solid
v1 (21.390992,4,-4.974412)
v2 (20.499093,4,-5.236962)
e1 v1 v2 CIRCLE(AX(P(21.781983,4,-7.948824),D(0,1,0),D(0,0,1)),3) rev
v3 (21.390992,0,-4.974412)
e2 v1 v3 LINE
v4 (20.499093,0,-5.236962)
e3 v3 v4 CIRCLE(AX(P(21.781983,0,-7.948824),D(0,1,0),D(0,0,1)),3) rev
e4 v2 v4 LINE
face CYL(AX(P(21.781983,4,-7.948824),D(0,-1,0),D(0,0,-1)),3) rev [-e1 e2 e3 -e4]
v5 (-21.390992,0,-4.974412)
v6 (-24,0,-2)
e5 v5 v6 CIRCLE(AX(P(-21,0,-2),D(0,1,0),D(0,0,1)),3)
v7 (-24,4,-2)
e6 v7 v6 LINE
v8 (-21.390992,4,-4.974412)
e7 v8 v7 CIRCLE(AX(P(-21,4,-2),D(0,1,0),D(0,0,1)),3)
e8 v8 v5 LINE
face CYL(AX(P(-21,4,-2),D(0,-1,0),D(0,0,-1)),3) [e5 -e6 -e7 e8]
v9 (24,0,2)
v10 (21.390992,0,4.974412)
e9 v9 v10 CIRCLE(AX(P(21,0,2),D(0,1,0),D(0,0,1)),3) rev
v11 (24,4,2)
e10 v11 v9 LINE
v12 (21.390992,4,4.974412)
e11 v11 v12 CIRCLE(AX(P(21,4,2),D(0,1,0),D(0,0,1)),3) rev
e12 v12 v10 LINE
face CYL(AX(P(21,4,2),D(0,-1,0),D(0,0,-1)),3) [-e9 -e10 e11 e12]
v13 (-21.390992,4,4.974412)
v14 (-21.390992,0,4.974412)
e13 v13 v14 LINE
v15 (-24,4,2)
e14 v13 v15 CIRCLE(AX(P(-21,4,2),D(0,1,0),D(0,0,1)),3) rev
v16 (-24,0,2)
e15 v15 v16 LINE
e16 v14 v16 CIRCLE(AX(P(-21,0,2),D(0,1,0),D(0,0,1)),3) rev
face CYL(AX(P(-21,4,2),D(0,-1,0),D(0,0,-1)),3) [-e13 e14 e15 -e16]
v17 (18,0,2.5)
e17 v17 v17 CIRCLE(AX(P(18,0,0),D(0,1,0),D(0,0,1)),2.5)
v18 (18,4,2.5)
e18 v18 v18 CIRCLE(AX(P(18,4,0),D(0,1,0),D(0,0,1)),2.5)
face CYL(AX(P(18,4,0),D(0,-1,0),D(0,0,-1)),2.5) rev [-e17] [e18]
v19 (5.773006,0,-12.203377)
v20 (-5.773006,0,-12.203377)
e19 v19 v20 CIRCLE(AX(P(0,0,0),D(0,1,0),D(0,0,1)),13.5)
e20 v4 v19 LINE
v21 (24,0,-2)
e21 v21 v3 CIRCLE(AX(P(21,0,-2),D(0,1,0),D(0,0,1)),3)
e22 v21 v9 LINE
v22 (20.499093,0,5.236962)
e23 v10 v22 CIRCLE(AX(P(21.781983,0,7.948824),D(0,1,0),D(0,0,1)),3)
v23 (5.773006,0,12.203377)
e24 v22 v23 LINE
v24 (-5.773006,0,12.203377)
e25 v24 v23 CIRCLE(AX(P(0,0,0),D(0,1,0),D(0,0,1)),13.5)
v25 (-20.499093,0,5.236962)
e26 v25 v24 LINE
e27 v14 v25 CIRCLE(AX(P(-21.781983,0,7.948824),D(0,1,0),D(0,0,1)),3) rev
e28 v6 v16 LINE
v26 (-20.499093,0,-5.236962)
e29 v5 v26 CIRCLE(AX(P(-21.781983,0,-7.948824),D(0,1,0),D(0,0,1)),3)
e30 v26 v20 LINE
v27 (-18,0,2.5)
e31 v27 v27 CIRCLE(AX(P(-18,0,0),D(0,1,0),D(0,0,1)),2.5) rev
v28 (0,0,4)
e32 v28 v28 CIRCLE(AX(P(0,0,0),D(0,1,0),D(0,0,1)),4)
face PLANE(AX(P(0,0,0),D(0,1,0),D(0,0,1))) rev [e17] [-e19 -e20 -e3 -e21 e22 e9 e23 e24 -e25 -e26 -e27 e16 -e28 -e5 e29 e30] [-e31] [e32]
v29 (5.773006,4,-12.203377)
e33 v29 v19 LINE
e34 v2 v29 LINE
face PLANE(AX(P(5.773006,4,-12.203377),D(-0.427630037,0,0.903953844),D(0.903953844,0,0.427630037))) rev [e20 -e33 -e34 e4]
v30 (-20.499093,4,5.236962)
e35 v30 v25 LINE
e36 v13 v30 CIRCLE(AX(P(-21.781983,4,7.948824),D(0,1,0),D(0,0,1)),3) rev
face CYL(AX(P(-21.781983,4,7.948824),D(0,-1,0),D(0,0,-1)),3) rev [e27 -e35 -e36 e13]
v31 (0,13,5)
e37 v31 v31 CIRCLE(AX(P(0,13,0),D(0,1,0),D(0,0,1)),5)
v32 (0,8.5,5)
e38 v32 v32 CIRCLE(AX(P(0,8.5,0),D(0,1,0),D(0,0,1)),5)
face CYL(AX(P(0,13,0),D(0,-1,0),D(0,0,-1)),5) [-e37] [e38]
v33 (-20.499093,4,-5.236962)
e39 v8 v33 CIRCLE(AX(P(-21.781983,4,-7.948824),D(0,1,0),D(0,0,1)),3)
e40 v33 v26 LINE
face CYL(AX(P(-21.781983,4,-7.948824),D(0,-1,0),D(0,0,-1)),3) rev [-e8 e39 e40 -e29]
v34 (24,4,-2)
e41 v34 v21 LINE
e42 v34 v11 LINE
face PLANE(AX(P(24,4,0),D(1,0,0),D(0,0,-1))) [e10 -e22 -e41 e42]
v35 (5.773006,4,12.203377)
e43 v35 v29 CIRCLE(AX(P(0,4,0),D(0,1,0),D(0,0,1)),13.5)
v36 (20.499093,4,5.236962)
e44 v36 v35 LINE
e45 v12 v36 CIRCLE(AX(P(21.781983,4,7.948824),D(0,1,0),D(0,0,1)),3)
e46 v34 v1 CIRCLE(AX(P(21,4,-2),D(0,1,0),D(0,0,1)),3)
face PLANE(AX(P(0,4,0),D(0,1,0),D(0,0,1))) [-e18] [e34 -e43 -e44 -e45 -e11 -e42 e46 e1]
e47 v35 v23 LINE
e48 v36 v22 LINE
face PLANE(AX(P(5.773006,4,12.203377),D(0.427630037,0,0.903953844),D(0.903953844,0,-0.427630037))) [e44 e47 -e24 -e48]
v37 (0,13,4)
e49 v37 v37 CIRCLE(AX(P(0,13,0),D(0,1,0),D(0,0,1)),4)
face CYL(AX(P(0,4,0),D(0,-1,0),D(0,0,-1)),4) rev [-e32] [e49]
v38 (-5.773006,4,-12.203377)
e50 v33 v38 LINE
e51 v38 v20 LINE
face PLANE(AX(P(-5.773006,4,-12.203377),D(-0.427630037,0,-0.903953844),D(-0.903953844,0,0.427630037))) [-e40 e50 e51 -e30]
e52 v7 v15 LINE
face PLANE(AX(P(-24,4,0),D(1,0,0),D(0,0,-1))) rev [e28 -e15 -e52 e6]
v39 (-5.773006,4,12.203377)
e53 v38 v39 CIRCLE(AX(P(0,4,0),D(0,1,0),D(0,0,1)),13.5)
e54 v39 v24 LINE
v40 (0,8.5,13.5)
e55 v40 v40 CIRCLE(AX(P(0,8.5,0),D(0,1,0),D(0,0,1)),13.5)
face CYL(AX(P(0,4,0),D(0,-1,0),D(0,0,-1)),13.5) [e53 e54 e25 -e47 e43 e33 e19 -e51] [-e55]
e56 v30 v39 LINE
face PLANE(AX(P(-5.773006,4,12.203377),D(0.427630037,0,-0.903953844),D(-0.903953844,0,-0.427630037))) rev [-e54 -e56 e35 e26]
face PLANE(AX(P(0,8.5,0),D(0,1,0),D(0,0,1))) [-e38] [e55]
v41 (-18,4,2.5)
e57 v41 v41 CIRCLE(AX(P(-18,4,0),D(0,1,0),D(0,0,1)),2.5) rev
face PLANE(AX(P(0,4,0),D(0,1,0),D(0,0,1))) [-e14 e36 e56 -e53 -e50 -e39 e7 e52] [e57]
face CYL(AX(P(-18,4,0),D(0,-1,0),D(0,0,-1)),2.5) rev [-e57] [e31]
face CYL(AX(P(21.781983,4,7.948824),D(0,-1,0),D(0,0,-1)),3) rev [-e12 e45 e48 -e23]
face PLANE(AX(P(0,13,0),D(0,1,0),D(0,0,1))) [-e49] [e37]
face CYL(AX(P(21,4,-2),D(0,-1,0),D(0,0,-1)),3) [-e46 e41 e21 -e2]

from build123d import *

# Parameters (mm, degrees)
SKETCH_1_R      = 2.5
SKETCH_1_R_2    = 4
EXTRUDE_1_DEPTH = 4
SKETCH_2_R      = 13.5
SKETCH_2_R_2    = 4
EXTRUDE_2_DEPTH = 4.5
SKETCH_3_R      = 5
SKETCH_3_R_2    = 4
EXTRUDE_3_DEPTH = 4.5


with BuildPart() as part:
    # 草图1 → 凸台-拉伸1 (new body)
    with BuildSketch(Plane(origin=(0, 0, 0), x_dir=(1, 0, 0), z_dir=(0, 1, 0))):
        with BuildLine():
            Line((-5.773005503, 12.203376888), (-20.499093296, 5.236962046))
            ThreePointArc((-20.499093296, 5.236962046), (-20.934809728, 5.070925602), (-21.390991704, 4.974411789))
            ThreePointArc((-21.390991704, 4.974411789), (-23.255324268, 3.978259954), (-24, 2))
            Line((-24, 2), (-24, -2))
            ThreePointArc((-24, -2), (-23.255324268, -3.978259954), (-21.390991704, -4.974411789))
            ThreePointArc((-21.390991704, -4.974411789), (-20.934809728, -5.070925602), (-20.499093296, -5.236962046))
            Line((-20.499093296, -5.236962046), (-5.773005503, -12.203376888))
            ThreePointArc((-5.773005503, -12.203376888), (0, -13.5), (5.773005503, -12.203376888))
            Line((5.773005503, -12.203376888), (20.499093296, -5.236962046))
            ThreePointArc((20.499093296, -5.236962046), (20.934809728, -5.070925602), (21.390991704, -4.974411789))
            ThreePointArc((21.390991704, -4.974411789), (23.255324268, -3.978259954), (24, -2))
            Line((24, -2), (24, 2))
            ThreePointArc((24, 2), (23.255324268, 3.978259954), (21.390991704, 4.974411789))
            ThreePointArc((21.390991704, 4.974411789), (20.934809728, 5.070925602), (20.499093296, 5.236962046))
            Line((20.499093296, 5.236962046), (5.773005503, 12.203376888))
            ThreePointArc((5.773005503, 12.203376888), (0, 13.5), (-5.773005503, 12.203376888))
        make_face()
        with Locations(Location((-18, 0, 0), (0, 0, 270))):
            Circle(SKETCH_1_R, mode=Mode.SUBTRACT)
        with Locations(Location((0, 0, 0), (0, 0, 270))):
            Circle(SKETCH_1_R_2, mode=Mode.SUBTRACT)
        with Locations(Location((18, 0, 0), (0, 0, 270))):
            Circle(SKETCH_1_R, mode=Mode.SUBTRACT)
    extrude(amount=EXTRUDE_1_DEPTH)

    # 草图2 → 凸台-拉伸2 (add)
    with BuildSketch(Plane(origin=(0, 4, 0), x_dir=(1, 0, 0), z_dir=(0, 1, 0))):
        with Locations(Location((0, 0, 0), (0, 0, 64.68274989))):
            Circle(SKETCH_2_R)
        with Locations(Location((0, 0, 0), (0, 0, 270))):
            Circle(SKETCH_2_R_2, mode=Mode.SUBTRACT)
    extrude(amount=EXTRUDE_2_DEPTH)

    # 草图3 → 凸台-拉伸3 (add)
    with BuildSketch(Plane(origin=(0, 8.5, 0), x_dir=(1, 0, 0), z_dir=(0, 1, 0))):
        with Locations(Location((0, 0, 0), (0, 0, 270))):
            Circle(SKETCH_3_R)
        with Locations(Location((0, 0, 0), (0, 0, 270))):
            Circle(SKETCH_3_R_2, mode=Mode.SUBTRACT)
    extrude(amount=EXTRUDE_3_DEPTH)


solid = part.part
